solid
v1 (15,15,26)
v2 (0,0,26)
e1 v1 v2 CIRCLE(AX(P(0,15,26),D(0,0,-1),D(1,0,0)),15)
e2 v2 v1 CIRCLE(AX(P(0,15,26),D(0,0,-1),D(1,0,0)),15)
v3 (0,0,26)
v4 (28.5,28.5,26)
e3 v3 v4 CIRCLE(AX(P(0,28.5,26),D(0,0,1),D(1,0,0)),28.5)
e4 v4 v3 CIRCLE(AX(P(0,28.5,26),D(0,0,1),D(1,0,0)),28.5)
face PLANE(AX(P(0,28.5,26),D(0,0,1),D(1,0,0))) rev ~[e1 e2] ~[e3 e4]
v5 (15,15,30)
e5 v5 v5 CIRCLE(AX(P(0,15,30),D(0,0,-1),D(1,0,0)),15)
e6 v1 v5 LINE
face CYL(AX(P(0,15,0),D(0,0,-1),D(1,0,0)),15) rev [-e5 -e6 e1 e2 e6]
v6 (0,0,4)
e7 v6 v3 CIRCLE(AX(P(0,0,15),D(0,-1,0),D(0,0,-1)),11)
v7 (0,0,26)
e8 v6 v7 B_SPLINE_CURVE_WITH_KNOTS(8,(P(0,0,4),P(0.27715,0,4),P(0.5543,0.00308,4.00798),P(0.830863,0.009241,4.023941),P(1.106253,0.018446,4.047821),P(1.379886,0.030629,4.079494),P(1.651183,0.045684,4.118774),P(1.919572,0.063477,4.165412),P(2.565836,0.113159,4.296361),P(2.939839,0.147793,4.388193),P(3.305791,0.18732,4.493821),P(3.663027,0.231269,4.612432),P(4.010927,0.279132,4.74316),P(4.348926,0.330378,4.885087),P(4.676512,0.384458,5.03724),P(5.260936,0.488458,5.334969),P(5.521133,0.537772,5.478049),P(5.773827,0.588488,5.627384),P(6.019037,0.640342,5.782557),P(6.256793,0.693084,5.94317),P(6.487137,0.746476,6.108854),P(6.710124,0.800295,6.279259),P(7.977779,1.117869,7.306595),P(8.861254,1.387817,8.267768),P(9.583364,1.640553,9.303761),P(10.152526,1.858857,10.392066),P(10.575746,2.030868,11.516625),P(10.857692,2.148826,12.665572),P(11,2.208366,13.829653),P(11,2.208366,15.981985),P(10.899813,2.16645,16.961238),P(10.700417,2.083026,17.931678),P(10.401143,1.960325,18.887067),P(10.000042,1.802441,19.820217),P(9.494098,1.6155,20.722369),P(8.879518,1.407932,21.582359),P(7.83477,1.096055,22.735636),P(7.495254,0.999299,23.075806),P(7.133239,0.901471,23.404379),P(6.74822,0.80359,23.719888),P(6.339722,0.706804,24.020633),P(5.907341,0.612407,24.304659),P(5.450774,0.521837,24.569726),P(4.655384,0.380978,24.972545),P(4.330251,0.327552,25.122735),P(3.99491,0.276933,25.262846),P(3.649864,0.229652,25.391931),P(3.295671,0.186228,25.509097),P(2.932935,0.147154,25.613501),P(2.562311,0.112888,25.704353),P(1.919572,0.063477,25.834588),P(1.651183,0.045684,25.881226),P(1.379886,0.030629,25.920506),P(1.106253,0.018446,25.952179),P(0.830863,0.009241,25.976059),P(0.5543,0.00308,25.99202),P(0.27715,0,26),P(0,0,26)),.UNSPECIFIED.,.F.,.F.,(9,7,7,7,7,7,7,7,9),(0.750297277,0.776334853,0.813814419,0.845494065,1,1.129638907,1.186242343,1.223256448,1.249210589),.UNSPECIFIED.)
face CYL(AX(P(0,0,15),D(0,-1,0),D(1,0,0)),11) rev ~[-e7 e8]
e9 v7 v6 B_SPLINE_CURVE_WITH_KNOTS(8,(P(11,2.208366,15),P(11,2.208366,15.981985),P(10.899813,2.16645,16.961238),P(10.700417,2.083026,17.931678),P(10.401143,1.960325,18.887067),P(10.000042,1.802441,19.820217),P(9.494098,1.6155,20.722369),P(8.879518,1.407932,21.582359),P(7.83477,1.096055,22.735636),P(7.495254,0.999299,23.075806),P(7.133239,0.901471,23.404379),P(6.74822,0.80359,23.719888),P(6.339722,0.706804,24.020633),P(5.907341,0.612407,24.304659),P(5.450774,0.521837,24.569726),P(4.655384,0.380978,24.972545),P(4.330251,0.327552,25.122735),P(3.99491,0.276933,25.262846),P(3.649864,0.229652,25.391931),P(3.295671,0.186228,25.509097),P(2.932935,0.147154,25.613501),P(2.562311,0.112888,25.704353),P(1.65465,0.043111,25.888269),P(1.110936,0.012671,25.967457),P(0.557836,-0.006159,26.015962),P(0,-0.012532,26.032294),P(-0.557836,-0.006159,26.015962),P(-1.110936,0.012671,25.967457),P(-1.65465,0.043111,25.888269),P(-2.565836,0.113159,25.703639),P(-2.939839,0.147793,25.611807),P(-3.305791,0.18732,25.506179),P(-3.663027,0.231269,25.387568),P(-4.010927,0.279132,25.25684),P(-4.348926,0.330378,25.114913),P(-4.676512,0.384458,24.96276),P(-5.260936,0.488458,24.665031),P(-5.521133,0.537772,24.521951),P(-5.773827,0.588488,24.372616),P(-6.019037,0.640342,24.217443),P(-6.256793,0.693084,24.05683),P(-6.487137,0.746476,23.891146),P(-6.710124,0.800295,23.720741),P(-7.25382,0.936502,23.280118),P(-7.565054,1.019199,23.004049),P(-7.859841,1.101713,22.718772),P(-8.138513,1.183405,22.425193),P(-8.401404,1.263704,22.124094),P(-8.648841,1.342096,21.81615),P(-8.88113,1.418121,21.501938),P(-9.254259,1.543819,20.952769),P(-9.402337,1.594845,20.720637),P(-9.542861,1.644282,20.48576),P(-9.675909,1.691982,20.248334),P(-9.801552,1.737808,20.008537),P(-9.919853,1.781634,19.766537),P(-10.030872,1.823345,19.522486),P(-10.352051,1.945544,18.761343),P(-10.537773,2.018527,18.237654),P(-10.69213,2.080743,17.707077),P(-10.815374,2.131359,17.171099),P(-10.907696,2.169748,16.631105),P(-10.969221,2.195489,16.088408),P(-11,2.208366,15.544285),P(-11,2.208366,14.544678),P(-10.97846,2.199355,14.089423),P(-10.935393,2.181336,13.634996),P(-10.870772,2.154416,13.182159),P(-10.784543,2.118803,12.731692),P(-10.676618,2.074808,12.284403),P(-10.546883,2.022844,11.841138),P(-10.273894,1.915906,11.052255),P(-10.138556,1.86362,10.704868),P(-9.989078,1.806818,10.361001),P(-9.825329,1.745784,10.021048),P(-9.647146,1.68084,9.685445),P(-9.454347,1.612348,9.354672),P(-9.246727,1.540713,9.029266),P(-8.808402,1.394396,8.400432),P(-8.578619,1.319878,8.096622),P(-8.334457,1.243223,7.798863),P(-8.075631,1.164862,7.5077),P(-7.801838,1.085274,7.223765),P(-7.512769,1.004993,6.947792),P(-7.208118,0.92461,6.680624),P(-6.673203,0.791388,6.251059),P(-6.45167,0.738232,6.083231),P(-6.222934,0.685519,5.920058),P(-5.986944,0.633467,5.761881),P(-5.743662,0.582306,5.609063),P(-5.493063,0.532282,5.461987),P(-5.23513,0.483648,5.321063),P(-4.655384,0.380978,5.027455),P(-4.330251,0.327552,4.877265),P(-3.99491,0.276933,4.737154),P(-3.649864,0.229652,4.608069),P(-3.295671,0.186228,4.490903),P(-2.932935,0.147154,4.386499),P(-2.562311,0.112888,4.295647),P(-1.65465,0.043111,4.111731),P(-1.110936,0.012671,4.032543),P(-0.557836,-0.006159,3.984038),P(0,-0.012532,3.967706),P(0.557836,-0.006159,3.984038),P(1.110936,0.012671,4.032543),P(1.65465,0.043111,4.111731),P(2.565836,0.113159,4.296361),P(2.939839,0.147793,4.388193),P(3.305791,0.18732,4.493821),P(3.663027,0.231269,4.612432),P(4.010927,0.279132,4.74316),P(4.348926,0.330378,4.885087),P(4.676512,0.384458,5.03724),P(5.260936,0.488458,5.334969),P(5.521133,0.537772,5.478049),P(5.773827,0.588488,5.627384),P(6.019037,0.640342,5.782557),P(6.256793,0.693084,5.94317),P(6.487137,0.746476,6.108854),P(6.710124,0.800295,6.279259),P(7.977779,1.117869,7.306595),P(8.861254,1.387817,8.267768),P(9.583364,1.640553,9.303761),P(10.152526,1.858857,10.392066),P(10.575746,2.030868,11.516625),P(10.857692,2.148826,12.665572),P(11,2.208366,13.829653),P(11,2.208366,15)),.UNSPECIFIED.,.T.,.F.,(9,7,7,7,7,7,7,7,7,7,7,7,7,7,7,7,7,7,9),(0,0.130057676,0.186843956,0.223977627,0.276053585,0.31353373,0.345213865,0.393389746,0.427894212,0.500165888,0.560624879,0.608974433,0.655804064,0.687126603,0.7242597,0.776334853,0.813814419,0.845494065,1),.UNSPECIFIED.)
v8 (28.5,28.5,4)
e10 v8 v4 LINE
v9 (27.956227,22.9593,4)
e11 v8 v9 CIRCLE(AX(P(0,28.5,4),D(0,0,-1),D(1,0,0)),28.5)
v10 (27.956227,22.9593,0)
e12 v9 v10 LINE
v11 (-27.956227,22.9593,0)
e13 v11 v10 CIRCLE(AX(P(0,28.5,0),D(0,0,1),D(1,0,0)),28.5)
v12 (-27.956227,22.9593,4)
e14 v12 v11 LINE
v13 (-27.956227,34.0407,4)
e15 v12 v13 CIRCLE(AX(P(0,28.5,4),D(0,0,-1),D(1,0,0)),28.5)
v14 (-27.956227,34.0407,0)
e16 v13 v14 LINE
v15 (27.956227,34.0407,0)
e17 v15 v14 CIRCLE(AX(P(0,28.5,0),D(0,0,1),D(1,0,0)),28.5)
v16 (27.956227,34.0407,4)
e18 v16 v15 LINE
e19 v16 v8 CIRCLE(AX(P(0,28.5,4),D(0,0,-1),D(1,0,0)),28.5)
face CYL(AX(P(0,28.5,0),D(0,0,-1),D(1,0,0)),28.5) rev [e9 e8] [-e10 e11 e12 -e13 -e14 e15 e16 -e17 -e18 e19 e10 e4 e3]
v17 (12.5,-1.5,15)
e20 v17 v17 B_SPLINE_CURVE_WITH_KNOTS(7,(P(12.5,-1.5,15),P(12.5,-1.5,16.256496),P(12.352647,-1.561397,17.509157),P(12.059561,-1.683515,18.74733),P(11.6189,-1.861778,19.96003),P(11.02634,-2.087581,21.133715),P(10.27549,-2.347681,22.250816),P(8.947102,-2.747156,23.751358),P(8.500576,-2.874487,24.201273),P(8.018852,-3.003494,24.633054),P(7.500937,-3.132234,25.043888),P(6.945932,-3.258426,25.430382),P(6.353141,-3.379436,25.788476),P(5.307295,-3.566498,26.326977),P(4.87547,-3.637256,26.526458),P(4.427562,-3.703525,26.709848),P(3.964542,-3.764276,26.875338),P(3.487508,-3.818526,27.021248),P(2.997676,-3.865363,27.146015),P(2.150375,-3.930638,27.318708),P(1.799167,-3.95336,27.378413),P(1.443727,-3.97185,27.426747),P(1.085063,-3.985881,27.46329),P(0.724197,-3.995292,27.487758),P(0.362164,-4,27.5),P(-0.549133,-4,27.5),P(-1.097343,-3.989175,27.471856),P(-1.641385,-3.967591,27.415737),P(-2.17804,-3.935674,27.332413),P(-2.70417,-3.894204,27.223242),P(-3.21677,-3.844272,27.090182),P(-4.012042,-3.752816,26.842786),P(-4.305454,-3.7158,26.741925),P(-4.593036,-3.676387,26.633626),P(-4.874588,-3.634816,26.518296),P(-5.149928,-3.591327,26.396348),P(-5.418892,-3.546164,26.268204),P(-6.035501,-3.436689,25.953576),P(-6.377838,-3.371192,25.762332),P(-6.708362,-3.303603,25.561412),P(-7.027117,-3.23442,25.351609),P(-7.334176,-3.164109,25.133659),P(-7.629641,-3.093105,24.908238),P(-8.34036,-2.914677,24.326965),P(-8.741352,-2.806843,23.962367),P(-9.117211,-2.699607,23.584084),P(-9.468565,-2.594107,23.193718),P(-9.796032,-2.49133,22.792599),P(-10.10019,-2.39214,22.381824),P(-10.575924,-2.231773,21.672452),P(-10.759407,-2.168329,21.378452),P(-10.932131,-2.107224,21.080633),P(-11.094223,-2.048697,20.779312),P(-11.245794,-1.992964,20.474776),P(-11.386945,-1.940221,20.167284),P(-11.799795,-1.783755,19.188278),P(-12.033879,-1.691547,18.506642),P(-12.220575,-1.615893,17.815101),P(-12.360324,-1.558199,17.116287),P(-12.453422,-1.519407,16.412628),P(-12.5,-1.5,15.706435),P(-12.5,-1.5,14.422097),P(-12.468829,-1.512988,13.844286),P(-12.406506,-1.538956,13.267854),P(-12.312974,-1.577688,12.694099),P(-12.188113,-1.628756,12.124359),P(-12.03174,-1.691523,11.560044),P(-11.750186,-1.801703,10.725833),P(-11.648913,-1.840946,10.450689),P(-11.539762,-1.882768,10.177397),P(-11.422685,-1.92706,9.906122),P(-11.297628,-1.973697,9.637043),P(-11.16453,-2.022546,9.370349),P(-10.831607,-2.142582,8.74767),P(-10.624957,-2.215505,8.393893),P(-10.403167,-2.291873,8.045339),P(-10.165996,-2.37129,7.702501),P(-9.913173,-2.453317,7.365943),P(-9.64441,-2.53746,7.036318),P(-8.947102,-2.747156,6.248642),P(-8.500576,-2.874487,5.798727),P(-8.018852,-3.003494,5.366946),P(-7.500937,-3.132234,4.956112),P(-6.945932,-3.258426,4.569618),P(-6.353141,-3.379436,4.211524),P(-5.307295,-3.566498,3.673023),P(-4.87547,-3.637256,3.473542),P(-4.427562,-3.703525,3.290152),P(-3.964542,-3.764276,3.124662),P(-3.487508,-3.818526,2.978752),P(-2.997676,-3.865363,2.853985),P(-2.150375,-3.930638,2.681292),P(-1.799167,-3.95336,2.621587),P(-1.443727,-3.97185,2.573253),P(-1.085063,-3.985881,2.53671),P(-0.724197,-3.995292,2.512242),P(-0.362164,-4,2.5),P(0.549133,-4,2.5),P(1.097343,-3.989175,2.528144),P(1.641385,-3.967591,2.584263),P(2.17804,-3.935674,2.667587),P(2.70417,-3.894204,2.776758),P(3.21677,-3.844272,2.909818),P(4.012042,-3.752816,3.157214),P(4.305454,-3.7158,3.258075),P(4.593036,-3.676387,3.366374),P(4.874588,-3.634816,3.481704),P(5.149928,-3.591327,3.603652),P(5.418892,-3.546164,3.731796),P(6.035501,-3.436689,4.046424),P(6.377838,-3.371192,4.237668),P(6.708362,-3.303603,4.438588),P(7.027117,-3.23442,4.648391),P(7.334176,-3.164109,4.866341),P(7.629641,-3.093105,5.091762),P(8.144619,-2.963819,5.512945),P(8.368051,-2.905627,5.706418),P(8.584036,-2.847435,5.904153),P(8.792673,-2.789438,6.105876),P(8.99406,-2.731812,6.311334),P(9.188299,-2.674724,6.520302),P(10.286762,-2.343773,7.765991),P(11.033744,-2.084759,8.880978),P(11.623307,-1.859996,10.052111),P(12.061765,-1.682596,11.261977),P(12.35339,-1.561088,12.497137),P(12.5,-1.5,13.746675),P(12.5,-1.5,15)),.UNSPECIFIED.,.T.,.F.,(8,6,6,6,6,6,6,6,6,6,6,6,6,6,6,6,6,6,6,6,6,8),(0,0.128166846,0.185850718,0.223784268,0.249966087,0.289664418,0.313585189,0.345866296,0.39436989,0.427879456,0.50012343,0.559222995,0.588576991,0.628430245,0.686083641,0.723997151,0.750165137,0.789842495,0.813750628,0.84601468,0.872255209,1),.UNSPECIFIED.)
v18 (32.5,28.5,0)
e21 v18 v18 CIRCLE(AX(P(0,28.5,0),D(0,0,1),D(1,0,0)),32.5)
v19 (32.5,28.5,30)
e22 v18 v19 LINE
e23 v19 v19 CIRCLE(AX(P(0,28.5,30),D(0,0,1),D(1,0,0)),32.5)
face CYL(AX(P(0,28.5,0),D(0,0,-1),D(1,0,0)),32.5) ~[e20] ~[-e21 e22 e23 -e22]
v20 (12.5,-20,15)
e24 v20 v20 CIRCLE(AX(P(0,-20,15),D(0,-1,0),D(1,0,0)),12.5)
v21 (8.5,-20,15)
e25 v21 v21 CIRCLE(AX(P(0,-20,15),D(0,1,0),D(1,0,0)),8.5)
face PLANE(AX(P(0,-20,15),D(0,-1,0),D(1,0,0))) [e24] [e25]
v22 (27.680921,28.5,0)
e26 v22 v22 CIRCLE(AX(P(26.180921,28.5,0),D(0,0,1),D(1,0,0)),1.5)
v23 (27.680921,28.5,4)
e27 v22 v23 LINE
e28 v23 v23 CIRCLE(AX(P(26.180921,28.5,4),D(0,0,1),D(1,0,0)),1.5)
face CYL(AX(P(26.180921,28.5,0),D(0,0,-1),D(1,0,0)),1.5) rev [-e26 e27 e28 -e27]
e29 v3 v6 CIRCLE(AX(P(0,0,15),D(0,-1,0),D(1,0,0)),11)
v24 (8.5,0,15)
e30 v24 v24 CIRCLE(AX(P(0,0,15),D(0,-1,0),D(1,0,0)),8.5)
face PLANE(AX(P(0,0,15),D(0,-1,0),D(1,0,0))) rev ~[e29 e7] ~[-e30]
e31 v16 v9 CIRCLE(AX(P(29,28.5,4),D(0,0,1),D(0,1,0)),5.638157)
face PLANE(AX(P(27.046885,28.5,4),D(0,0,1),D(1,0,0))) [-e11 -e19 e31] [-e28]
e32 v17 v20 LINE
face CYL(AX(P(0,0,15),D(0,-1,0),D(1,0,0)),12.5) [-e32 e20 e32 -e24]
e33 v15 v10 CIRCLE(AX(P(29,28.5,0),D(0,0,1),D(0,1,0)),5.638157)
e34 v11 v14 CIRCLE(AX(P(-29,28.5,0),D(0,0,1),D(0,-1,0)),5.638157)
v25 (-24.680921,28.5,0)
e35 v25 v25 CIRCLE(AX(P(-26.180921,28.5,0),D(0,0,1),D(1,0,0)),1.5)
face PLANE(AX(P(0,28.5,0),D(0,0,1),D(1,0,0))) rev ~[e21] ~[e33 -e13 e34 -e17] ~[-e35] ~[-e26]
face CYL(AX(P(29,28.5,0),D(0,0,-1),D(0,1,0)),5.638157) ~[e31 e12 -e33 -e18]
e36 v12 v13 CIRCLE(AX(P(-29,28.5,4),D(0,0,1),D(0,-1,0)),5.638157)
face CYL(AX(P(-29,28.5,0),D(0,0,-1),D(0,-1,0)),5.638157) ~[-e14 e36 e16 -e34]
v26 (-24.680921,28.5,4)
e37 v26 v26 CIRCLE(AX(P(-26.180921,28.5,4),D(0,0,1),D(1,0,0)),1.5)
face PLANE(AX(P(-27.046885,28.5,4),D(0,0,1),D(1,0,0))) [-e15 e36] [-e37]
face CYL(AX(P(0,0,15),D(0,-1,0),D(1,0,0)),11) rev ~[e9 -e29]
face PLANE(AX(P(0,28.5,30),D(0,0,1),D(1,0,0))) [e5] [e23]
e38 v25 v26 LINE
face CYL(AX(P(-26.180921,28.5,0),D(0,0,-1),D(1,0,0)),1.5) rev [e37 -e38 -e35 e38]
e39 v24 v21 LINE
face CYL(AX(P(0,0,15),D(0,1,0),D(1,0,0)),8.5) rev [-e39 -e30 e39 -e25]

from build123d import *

# Parameters (mm, degrees)
F0_R      = 12.5
F1_DEPTH  = 20
F2_R      = 32.5
F3_DEPTH  = 30
F4_R      = 28.5
F5_DEPTH  = 26
F6_R      = 11
F7_DEPTH  = 19.5
F8_R      = 15
F9_DEPTH  = 44.3
F10_R     = 8.5
F11_DEPTH = 41.2
F12_R     = 1.5
F13_DEPTH = 4


with BuildPart() as f1:
    # F0 (on Front) → F1 (new body, symmetric)
    with BuildSketch(Plane.XZ):
        with Locations((0, 15)):
            Circle(F0_R)
    extrude(amount=F1_DEPTH, both=True)

    # F2 (on Top) → F3 (join)
    with BuildSketch(Plane.XY):
        with Locations((0, 28.5)):
            Circle(F2_R)
    extrude(amount=F3_DEPTH)

    # F4 (on Top) → F5 (cut)
    with BuildSketch(Plane.XY):
        with Locations((0, 28.5)):
            Circle(F4_R)
    extrude(amount=F5_DEPTH, mode=Mode.SUBTRACT)

    # F6 (on Front) → F7 (cut)
    with BuildSketch(Plane.XZ):
        with Locations((0, 15)):
            Circle(F6_R)
    extrude(amount=-F7_DEPTH, mode=Mode.SUBTRACT)

    # F8 (on Top) → F9 (cut)
    with BuildSketch(Plane.XY):
        with Locations((0, 15)):
            Circle(F8_R)
    extrude(amount=F9_DEPTH, mode=Mode.SUBTRACT)

    # F10 (on Front) → F11 (cut)
    with BuildSketch(Plane.XZ):
        with Locations((0, 15)):
            Circle(F10_R)
    extrude(amount=F11_DEPTH, mode=Mode.SUBTRACT)

    # F12 (on Top) → F13 (join)
    with BuildSketch(Plane.XY):
        with BuildLine():
            Line((29, 28.5), (29, 34.138157))
            ThreePointArc((29, 34.138157), (23.361843, 28.5), (29, 22.861843))
            Line((29, 22.861843), (29, 28.5))
        make_face()
        with Locations((26.180921, 28.5)):
            Circle(F12_R, mode=Mode.SUBTRACT)
        with BuildLine():
            ThreePointArc((-29, 22.861843), (-23.361843, 28.5), (-29, 34.138157))
            Line((-29, 34.138157), (-29, 28.5))
            Line((-29, 28.5), (-29, 22.861843))
        make_face()
        with Locations((-26.180921, 28.5)):
            Circle(F12_R, mode=Mode.SUBTRACT)
    extrude(amount=F13_DEPTH)


solid = f1.part
